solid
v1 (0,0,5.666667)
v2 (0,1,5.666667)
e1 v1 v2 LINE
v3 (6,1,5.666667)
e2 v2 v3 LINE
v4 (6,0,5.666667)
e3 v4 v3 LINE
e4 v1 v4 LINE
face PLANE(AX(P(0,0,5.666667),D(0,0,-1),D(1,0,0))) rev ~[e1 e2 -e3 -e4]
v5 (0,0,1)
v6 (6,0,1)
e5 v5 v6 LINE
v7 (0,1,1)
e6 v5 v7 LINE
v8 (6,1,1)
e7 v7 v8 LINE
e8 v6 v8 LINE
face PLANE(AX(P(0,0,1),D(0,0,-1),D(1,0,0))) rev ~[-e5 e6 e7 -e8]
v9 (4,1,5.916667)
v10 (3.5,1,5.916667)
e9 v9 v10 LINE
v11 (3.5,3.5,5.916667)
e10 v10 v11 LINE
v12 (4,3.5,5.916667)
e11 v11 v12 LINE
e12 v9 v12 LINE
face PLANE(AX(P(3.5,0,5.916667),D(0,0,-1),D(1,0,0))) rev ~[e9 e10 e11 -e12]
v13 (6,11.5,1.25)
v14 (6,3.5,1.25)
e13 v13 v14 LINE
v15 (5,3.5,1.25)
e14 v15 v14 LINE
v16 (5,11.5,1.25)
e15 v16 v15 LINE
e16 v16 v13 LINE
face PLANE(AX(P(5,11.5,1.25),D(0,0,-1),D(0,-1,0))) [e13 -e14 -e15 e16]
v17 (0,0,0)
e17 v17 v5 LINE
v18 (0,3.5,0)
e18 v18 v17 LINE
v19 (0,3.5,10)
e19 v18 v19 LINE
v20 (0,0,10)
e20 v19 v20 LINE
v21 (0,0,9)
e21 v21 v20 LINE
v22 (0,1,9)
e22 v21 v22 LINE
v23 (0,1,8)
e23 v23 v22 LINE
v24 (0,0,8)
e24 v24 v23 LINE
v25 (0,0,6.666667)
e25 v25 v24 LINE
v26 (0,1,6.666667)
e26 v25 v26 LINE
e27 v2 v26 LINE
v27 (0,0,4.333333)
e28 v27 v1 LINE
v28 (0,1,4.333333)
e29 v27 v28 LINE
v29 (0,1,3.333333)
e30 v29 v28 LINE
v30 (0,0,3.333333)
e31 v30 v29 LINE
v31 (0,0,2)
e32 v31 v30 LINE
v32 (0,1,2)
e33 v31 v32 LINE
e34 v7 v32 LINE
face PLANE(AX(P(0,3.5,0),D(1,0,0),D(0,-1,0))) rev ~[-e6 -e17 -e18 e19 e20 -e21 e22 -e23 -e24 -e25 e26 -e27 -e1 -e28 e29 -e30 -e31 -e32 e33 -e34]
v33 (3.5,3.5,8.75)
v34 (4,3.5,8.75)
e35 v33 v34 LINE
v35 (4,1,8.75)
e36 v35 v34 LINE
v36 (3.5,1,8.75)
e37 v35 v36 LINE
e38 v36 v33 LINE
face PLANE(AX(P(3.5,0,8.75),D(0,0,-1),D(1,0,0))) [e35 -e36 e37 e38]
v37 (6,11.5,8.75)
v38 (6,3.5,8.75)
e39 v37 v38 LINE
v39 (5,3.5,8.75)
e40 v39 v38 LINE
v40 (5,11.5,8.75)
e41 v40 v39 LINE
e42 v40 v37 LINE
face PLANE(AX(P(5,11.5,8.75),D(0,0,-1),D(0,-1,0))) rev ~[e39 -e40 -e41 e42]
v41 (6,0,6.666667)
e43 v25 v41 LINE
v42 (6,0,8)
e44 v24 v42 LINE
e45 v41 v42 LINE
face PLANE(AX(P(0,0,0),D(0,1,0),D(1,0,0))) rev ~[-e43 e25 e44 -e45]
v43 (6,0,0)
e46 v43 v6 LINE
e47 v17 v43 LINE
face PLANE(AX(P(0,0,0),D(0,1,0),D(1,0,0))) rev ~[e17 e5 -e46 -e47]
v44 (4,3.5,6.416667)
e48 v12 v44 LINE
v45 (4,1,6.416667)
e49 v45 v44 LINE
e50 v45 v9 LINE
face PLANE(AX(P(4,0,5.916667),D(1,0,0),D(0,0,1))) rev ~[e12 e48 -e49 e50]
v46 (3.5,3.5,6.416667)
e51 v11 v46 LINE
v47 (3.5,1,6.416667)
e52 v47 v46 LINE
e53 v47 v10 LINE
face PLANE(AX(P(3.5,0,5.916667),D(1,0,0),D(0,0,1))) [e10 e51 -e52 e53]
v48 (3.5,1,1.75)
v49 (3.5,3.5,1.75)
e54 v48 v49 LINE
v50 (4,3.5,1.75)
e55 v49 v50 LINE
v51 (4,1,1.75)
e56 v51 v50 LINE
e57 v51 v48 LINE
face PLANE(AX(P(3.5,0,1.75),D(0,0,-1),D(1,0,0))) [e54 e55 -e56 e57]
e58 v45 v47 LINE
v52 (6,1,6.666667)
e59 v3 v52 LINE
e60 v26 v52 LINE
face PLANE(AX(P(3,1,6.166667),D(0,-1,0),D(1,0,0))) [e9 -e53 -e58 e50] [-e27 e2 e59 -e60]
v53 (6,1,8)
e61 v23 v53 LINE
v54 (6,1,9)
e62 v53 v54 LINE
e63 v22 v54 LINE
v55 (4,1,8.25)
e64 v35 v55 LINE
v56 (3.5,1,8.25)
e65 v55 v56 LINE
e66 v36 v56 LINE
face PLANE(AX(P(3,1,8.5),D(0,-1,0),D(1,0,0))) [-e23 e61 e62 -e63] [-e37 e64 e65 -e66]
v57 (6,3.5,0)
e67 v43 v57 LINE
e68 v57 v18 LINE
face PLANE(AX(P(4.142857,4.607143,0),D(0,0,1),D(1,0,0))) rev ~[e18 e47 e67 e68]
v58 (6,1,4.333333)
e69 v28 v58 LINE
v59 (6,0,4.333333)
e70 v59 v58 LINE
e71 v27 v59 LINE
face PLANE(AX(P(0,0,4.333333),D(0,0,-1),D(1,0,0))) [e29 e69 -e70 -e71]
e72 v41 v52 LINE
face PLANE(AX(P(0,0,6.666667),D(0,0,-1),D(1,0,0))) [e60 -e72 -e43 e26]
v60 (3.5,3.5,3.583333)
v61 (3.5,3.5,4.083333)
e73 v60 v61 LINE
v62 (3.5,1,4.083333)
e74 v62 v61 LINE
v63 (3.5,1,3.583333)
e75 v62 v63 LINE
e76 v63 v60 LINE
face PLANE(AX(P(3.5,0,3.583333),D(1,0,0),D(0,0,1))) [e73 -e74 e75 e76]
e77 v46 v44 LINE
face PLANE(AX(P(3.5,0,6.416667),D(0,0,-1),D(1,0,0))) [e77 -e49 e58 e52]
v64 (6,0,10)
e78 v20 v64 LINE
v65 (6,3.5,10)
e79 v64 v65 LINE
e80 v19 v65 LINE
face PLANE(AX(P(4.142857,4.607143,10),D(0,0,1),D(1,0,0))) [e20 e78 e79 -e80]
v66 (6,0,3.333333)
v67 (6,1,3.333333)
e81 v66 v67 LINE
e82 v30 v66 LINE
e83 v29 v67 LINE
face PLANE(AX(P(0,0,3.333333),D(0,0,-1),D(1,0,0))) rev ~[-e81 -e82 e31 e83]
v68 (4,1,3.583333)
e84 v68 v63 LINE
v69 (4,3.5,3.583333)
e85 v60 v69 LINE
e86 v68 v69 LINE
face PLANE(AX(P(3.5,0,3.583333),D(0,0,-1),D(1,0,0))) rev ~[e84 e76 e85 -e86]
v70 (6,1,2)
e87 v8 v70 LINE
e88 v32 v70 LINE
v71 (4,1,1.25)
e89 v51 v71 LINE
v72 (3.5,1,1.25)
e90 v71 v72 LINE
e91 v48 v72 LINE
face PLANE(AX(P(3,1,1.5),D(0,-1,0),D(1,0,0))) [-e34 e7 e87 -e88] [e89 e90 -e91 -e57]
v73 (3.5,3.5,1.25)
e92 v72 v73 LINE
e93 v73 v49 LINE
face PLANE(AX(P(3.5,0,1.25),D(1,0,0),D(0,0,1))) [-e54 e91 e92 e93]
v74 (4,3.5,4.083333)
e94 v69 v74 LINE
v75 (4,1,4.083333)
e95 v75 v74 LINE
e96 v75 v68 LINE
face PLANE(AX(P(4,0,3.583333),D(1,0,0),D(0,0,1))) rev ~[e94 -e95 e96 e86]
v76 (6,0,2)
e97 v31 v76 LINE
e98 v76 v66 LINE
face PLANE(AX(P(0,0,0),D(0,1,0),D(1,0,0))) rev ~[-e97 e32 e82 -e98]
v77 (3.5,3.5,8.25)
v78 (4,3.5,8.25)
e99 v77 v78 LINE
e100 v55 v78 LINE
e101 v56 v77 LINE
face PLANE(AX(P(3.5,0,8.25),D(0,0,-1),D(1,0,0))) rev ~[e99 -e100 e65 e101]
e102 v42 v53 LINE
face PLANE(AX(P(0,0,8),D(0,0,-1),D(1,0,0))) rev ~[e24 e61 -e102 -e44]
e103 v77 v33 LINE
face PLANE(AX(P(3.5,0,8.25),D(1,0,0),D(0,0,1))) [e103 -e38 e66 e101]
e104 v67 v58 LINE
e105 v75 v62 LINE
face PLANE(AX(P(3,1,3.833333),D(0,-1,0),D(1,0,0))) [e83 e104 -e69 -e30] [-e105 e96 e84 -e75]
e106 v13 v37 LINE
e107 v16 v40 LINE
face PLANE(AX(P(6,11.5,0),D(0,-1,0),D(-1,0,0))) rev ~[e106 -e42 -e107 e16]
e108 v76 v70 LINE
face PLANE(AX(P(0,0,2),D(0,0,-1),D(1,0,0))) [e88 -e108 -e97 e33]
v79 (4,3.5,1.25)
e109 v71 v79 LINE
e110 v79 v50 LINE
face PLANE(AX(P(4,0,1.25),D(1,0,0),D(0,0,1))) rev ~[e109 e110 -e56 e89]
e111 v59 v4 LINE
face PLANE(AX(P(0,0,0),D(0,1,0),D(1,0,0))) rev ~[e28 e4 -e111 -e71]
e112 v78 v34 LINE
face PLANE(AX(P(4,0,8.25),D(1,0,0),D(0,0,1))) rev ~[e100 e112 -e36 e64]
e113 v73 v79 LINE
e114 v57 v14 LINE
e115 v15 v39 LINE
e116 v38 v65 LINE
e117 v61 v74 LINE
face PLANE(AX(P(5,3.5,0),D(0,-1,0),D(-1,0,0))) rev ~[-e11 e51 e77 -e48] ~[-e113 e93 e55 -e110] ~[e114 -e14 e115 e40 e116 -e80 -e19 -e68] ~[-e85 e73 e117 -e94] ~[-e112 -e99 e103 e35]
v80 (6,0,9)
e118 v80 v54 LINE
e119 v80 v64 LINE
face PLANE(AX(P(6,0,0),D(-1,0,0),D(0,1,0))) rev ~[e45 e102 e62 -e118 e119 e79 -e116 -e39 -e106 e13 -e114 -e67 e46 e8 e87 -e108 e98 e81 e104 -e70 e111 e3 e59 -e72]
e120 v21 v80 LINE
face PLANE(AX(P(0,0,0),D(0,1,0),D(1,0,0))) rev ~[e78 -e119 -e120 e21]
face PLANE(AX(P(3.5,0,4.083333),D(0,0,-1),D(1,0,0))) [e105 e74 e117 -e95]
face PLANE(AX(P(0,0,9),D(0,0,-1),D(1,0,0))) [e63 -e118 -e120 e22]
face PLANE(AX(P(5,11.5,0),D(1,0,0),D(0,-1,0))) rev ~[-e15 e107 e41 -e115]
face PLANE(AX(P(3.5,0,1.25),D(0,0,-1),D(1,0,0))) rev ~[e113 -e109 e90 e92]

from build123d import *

# Parameters (mm, degrees)
F1_DEPTH = 10
F2_W     = 8
F2_H     = 1.25
F3_DEPTH = 25
F4_W     = 0.5
F4_H     = 0.5
F5_DEPTH = 25
F6_W     = 6
F6_H     = 1
F7_DEPTH = 1


with BuildPart() as f1:
    # F0 (on Top) → F1 (new body)
    with BuildSketch(Plane.XY):
        Polygon((0, 3.5), (0, 0), (6, 0), (6, 11.5), (5, 11.5), (5, 3.5), align=None)
    extrude(amount=F1_DEPTH)

    # F2 (on face) → F3 (cut)
    with BuildSketch(Plane(origin=(5, 0, 0), x_dir=(0, -1, 0), z_dir=(-1, 0, 0))):
        with Locations((-7.5, 0.625)):
            Rectangle(F2_W, F2_H)
        with Locations((-7.5, 9.375)):
            Rectangle(F2_W, F2_H)
    extrude(amount=-F3_DEPTH, mode=Mode.SUBTRACT)

    # F4 (on face) → F5 (cut)
    with BuildSketch(Plane.XZ):
        with Locations((3.75, 8.5)):
            Rectangle(F4_W, F4_H)
        with Locations((3.75, 1.5)):
            Rectangle(F4_W, F4_H)
        with Locations((3.75, 6.166667)):
            Rectangle(F4_W, F4_H)
        with Locations((3.75, 3.833333)):
            Rectangle(F4_W, F4_H)
    extrude(amount=-F5_DEPTH, mode=Mode.SUBTRACT)

    # F6 (on face) → F7 (cut)
    with BuildSketch(Plane.XZ):
        with Locations((3, 8.5)):
            Rectangle(F6_W, F6_H)
        with Locations((3, 6.166667)):
            Rectangle(F6_W, F6_H)
        with Locations((3, 3.833333)):
            Rectangle(F6_W, F6_H)
        with Locations((3, 1.5)):
            Rectangle(F6_W, F6_H)
    extrude(amount=-F7_DEPTH, mode=Mode.SUBTRACT)


solid = f1.part
